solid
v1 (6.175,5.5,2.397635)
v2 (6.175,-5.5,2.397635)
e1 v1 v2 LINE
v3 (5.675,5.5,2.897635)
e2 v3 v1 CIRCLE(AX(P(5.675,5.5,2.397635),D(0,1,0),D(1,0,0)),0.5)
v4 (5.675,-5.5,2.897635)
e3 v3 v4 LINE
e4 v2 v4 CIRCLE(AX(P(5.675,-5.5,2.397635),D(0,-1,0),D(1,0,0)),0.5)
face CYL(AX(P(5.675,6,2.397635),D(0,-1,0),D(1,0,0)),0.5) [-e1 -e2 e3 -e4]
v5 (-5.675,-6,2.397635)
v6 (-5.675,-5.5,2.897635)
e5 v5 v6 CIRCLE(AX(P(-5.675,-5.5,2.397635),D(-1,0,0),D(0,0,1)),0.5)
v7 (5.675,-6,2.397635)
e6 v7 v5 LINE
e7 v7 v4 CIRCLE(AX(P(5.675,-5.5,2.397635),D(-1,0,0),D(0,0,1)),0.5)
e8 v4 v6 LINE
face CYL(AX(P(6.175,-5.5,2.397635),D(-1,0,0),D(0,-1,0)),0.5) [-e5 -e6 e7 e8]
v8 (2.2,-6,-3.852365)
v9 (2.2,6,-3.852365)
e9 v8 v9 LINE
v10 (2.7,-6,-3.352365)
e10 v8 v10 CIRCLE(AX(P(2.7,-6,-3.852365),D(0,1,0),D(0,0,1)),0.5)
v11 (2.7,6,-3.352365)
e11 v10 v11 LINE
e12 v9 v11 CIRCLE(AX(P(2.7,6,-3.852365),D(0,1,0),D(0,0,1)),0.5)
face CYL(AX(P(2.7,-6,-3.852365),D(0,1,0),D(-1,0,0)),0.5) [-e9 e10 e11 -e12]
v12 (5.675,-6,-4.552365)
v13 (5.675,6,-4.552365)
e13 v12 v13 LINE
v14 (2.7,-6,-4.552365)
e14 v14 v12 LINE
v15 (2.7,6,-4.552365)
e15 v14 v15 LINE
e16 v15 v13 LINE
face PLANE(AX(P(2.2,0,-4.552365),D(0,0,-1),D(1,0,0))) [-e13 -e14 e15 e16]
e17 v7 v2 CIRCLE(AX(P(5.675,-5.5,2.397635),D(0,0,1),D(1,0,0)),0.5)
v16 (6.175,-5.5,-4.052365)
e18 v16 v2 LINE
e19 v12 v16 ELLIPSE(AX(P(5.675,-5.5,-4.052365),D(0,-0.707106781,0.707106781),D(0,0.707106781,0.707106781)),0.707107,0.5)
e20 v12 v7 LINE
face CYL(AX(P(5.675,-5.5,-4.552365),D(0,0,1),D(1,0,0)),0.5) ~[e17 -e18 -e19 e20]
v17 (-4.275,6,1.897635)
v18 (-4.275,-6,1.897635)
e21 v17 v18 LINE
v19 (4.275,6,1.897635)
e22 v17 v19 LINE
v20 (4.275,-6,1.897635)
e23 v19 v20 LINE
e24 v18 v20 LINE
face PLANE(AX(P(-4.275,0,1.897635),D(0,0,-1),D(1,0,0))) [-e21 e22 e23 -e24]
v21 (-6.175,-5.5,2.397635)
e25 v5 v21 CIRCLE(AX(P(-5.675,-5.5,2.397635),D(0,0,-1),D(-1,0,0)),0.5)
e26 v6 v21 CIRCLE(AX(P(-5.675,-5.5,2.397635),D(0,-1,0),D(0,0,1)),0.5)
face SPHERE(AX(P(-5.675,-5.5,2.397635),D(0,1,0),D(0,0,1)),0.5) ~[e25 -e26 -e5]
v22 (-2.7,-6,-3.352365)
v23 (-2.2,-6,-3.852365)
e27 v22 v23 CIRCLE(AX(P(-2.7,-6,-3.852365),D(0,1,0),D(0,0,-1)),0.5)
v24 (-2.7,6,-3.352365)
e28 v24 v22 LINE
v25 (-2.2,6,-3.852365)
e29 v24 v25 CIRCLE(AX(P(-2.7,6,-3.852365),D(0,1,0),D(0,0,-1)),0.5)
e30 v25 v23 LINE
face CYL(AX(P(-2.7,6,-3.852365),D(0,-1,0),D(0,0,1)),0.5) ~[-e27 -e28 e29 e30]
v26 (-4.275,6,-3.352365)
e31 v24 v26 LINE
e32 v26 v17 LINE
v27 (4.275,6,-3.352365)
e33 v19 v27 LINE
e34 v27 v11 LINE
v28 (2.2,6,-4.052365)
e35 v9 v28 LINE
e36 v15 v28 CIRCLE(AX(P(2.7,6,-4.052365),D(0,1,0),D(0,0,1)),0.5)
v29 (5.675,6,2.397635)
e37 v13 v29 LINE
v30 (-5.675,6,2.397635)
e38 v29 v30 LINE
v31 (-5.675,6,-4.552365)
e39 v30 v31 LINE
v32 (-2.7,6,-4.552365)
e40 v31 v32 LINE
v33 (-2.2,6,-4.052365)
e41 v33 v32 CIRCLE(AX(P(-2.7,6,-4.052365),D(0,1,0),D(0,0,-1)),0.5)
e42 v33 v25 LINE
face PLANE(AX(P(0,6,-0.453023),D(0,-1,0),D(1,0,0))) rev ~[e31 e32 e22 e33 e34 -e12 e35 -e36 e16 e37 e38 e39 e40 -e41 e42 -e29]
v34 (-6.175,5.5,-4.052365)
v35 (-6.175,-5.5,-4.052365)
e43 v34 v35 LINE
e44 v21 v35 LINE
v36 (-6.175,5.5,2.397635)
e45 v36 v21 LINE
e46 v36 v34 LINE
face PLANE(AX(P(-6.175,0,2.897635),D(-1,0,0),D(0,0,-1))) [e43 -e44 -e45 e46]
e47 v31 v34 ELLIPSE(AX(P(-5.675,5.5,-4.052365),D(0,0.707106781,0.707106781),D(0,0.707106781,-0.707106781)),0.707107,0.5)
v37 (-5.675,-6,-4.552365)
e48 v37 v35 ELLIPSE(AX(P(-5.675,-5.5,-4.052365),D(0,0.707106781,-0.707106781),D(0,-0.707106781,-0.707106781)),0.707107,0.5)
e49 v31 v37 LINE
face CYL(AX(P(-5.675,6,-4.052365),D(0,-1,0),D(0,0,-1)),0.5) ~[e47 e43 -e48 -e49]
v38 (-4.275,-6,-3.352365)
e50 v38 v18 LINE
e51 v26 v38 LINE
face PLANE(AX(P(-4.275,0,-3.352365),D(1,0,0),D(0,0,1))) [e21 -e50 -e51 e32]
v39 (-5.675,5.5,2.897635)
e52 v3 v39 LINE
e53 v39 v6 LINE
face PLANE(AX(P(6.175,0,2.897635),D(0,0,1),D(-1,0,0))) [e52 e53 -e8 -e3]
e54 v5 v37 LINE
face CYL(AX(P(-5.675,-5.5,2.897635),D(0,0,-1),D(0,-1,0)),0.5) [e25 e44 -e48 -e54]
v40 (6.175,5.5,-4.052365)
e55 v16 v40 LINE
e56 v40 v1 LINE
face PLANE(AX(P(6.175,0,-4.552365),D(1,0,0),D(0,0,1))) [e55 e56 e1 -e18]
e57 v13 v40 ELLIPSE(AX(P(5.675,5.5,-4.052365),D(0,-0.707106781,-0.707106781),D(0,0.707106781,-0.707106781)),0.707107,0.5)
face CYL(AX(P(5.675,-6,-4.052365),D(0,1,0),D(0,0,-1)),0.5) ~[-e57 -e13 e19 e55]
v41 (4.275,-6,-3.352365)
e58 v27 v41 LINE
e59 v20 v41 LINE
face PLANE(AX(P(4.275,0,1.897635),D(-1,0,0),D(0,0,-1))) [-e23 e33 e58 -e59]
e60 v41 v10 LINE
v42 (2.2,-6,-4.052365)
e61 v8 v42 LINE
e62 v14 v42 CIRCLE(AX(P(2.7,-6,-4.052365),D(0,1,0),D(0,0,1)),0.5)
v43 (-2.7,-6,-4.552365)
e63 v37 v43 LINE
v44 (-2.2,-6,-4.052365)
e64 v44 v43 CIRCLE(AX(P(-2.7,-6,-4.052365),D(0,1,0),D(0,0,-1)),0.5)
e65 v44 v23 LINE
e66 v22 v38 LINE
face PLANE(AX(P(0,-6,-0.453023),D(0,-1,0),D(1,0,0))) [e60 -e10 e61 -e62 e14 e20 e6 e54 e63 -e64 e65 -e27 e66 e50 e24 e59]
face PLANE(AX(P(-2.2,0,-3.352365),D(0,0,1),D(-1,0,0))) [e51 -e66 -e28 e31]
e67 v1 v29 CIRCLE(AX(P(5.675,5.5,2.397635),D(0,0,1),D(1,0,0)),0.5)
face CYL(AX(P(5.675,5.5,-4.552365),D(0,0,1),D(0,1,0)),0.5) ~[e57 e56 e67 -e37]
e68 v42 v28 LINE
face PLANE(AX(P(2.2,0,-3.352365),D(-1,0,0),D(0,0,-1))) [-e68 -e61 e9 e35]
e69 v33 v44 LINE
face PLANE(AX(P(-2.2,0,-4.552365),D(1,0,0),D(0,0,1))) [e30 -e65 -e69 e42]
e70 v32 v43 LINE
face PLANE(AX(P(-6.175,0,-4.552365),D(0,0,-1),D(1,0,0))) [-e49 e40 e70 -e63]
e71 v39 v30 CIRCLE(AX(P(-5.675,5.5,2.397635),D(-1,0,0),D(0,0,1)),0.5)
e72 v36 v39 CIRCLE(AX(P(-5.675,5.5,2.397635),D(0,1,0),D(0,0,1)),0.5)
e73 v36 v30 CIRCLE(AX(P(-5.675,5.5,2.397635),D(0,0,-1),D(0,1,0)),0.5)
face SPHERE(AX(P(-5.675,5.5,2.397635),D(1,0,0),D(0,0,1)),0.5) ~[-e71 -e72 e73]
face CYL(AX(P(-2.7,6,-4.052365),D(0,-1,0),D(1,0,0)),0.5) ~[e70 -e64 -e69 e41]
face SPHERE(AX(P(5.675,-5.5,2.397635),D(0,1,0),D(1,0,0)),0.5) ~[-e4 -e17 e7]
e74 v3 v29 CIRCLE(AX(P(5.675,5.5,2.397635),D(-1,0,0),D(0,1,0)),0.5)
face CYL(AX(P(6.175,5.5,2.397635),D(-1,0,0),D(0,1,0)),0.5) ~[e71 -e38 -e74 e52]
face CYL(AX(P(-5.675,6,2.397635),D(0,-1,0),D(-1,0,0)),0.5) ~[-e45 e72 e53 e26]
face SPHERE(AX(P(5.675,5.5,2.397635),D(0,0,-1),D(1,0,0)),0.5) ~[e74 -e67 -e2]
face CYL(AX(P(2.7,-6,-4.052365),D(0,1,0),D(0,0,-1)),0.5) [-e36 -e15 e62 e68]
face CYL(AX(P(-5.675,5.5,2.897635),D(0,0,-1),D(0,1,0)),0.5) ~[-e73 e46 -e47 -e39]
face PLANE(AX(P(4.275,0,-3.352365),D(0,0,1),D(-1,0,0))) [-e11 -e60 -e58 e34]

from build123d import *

# Parameters (mm, degrees)
F1_DEPTH = 6
F2_R     = 0.5
F3_R     = 0.5


with BuildPart() as f1:
    # F0 (on Front) → F1 (new body, symmetric)
    with BuildSketch(Plane.XZ):
        Polygon((6.175, -4.5523648744), (6.175, 2.8976351256), (-6.175, 2.8976351256), (-6.175, -4.5523648744), (-2.2, -4.5523648744), (-2.2, -3.3523648744), (-4.275, -3.3523648744), (-4.275, 1.8976351256), (4.275, 1.8976351256), (4.275, -3.3523648744), (2.2, -3.3523648744), (2.2, -4.5523648744), align=None)
    extrude(amount=F1_DEPTH, both=True)

    # F2
    f2_edges = [f1.edges().sort_by_distance(p)[0] for p in [
        (-2.2, 0, -4.552365),
        (2.2, 0, -4.552365),
        (-2.2, 0, -3.352365),
        (2.2, 0, -3.352365),
    ]]
    fillet(f2_edges, radius=F2_R)

    # F3
    f3_edges = [f1.edges().sort_by_distance(p)[0] for p in [
        (6.175, 0, -4.552365),
        (6.175, 6, -0.827365),
        (6.175, 0, 2.897635),
        (6.175, -6, -0.827365),
        (0, 6, 2.897635),
        (-6.175, 0, 2.897635),
        (0, -6, 2.897635),
        (-6.175, 6, -0.827365),
        (-6.175, 0, -4.552365),
        (-6.175, -6, -0.827365),
    ]]
    fillet(f3_edges, radius=F3_R)


solid = f1.part
